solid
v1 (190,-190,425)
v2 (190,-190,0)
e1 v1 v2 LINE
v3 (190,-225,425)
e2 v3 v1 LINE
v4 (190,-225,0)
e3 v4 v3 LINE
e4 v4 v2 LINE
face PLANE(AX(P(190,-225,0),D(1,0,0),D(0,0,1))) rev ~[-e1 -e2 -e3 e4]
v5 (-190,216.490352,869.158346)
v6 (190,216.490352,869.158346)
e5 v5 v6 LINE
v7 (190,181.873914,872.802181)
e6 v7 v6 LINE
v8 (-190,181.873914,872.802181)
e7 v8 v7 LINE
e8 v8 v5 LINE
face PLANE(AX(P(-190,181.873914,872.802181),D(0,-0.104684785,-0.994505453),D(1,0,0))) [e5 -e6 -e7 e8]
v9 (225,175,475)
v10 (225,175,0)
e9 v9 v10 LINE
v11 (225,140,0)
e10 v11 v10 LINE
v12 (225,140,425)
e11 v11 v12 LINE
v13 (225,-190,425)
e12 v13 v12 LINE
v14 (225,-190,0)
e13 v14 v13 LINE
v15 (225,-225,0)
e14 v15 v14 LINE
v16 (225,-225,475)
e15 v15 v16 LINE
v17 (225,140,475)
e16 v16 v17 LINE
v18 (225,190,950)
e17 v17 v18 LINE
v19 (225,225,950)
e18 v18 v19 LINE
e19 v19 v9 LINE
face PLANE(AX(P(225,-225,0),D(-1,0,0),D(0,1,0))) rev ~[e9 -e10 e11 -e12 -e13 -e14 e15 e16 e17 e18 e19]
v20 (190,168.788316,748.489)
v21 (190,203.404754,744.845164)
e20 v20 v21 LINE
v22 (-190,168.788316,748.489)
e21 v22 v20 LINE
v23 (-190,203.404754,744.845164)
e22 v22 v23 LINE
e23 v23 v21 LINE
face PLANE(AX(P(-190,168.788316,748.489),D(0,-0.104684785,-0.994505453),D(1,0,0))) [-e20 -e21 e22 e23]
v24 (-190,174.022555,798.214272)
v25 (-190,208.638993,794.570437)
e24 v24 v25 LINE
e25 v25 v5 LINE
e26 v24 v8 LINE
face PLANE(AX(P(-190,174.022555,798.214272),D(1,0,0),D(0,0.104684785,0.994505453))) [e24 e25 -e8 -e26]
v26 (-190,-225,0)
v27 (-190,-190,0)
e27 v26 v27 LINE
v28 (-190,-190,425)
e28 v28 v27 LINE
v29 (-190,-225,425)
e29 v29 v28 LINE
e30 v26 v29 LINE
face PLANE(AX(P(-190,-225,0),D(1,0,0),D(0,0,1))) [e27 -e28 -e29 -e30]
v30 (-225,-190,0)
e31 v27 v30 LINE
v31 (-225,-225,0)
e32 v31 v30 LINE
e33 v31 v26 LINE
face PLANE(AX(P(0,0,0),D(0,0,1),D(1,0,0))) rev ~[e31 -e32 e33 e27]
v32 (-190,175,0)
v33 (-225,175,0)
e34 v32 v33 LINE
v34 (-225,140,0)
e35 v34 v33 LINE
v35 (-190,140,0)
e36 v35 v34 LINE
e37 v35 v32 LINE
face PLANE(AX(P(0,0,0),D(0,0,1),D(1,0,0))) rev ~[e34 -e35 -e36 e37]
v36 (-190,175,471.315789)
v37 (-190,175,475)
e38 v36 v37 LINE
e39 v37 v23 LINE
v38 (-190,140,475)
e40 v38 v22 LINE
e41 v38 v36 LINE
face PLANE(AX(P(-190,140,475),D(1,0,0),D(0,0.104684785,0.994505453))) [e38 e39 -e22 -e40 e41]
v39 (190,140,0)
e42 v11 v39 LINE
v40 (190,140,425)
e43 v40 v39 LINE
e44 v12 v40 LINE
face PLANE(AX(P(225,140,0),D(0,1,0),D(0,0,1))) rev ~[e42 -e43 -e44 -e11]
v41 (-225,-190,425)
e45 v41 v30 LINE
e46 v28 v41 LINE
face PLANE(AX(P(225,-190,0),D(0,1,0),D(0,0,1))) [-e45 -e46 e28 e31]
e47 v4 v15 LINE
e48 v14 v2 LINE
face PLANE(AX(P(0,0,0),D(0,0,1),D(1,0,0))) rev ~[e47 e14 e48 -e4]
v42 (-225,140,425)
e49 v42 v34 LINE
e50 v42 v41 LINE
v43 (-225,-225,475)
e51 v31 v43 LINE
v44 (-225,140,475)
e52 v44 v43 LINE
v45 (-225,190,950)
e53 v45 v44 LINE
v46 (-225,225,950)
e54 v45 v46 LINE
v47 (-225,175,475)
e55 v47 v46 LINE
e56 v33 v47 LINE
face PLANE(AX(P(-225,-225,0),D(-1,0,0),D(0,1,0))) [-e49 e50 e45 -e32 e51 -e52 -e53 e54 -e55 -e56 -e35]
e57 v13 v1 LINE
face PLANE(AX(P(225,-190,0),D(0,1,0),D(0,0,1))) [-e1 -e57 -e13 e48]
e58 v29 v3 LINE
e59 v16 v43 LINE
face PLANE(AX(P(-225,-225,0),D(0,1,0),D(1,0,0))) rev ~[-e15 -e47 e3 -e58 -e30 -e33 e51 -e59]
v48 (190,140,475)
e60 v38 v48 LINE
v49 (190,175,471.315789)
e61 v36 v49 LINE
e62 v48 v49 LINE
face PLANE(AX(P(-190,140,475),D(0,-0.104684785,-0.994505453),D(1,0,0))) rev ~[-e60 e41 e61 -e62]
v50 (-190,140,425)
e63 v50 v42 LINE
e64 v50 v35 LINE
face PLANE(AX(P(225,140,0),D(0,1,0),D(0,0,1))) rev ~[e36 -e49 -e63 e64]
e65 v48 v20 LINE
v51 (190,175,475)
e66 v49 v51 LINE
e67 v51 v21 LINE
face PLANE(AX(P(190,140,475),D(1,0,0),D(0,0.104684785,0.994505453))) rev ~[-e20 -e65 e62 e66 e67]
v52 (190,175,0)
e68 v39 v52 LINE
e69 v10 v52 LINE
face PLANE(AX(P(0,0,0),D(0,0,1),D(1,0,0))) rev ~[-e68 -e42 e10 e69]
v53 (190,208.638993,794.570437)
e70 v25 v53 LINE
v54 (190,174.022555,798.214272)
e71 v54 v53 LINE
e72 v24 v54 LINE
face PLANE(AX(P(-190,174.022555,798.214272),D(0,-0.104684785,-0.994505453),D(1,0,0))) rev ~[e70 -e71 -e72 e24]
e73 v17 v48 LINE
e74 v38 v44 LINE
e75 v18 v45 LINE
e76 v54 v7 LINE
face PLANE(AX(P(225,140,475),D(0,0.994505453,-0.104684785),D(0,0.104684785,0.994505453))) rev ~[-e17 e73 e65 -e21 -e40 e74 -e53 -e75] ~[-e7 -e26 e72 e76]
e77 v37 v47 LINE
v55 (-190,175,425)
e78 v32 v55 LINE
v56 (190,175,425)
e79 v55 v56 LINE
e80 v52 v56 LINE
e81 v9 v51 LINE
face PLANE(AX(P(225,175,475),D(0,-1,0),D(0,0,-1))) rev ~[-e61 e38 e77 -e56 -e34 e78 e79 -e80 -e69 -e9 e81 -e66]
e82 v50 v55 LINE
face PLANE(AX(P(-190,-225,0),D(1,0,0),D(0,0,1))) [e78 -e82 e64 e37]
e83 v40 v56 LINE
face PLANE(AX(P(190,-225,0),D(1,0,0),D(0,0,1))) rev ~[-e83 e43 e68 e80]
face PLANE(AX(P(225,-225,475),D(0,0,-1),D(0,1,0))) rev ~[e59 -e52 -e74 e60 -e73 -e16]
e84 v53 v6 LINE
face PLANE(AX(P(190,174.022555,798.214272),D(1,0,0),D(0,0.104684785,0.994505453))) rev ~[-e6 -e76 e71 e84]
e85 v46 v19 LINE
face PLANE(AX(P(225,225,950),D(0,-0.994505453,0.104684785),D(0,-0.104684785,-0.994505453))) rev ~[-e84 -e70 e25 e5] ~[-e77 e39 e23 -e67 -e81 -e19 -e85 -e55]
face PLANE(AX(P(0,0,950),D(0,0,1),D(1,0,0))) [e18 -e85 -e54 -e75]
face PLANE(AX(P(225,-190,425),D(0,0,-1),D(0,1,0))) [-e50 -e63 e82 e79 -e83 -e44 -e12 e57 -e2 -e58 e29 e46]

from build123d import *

# Parameters (mm, degrees)
F0_W     = 450
F0_H     = 450
F1_DEPTH = 950
F2_W     = 330
F2_H     = 425
F2_W_2   = 50
F3_DEPTH = 450.001
F4_W     = 380
F4_H     = 425
F5_DEPTH = 450.001
F6_W     = 380
F6_H     = 75
F6_H_2   = 275
F7_DEPTH = 134.2592361444


with BuildPart() as f1:
    # F0 (on Top) → F1 (new body)
    with BuildSketch(Plane.XY):
        Rectangle(F0_W, F0_H)
    extrude(amount=F1_DEPTH)

    # F2 (on face) → F3 (cut, through all)
    with BuildSketch(Plane.YZ.offset(225)):
        Polygon((225, 473.0396032333), (225, 475), (175, 475), (175, 425), (225, 425), align=None)
        Polygon((-225, 475), (140, 475), (190, 950), (-225, 950), (-225, 495.331287384), (-225, 493.3708906174), align=None)
        with Locations((-25, 212.5)):
            Rectangle(F2_W, F2_H)
        with Locations((200, 212.5)):
            Rectangle(F2_W_2, F2_H)
        Polygon((175, 475), (225, 475), (225, 950), align=None)
    extrude(amount=-F3_DEPTH, mode=Mode.SUBTRACT)

    # F4 (on face) → F5 (cut, through all)
    with BuildSketch(Plane.XZ.offset(225)):
        with Locations((0, 212.5)):
            Rectangle(F4_W, F4_H)
    extrude(amount=-F5_DEPTH, mode=Mode.SUBTRACT)

    # F6 (on face) → F7 (cut, through all)
    with BuildSketch(Plane(origin=(0, 89.0136986301, -9.3698630137), x_dir=(1, 0, 0), z_dir=(0, -0.9945054529, 0.1046847845))):
        with Locations((0, 849.5459599702)):
            Rectangle(F6_W, F6_H)
        with Locations((0, 624.5459599702)):
            Rectangle(F6_W, F6_H_2)
    extrude(amount=-F7_DEPTH, mode=Mode.SUBTRACT)


solid = f1.part
